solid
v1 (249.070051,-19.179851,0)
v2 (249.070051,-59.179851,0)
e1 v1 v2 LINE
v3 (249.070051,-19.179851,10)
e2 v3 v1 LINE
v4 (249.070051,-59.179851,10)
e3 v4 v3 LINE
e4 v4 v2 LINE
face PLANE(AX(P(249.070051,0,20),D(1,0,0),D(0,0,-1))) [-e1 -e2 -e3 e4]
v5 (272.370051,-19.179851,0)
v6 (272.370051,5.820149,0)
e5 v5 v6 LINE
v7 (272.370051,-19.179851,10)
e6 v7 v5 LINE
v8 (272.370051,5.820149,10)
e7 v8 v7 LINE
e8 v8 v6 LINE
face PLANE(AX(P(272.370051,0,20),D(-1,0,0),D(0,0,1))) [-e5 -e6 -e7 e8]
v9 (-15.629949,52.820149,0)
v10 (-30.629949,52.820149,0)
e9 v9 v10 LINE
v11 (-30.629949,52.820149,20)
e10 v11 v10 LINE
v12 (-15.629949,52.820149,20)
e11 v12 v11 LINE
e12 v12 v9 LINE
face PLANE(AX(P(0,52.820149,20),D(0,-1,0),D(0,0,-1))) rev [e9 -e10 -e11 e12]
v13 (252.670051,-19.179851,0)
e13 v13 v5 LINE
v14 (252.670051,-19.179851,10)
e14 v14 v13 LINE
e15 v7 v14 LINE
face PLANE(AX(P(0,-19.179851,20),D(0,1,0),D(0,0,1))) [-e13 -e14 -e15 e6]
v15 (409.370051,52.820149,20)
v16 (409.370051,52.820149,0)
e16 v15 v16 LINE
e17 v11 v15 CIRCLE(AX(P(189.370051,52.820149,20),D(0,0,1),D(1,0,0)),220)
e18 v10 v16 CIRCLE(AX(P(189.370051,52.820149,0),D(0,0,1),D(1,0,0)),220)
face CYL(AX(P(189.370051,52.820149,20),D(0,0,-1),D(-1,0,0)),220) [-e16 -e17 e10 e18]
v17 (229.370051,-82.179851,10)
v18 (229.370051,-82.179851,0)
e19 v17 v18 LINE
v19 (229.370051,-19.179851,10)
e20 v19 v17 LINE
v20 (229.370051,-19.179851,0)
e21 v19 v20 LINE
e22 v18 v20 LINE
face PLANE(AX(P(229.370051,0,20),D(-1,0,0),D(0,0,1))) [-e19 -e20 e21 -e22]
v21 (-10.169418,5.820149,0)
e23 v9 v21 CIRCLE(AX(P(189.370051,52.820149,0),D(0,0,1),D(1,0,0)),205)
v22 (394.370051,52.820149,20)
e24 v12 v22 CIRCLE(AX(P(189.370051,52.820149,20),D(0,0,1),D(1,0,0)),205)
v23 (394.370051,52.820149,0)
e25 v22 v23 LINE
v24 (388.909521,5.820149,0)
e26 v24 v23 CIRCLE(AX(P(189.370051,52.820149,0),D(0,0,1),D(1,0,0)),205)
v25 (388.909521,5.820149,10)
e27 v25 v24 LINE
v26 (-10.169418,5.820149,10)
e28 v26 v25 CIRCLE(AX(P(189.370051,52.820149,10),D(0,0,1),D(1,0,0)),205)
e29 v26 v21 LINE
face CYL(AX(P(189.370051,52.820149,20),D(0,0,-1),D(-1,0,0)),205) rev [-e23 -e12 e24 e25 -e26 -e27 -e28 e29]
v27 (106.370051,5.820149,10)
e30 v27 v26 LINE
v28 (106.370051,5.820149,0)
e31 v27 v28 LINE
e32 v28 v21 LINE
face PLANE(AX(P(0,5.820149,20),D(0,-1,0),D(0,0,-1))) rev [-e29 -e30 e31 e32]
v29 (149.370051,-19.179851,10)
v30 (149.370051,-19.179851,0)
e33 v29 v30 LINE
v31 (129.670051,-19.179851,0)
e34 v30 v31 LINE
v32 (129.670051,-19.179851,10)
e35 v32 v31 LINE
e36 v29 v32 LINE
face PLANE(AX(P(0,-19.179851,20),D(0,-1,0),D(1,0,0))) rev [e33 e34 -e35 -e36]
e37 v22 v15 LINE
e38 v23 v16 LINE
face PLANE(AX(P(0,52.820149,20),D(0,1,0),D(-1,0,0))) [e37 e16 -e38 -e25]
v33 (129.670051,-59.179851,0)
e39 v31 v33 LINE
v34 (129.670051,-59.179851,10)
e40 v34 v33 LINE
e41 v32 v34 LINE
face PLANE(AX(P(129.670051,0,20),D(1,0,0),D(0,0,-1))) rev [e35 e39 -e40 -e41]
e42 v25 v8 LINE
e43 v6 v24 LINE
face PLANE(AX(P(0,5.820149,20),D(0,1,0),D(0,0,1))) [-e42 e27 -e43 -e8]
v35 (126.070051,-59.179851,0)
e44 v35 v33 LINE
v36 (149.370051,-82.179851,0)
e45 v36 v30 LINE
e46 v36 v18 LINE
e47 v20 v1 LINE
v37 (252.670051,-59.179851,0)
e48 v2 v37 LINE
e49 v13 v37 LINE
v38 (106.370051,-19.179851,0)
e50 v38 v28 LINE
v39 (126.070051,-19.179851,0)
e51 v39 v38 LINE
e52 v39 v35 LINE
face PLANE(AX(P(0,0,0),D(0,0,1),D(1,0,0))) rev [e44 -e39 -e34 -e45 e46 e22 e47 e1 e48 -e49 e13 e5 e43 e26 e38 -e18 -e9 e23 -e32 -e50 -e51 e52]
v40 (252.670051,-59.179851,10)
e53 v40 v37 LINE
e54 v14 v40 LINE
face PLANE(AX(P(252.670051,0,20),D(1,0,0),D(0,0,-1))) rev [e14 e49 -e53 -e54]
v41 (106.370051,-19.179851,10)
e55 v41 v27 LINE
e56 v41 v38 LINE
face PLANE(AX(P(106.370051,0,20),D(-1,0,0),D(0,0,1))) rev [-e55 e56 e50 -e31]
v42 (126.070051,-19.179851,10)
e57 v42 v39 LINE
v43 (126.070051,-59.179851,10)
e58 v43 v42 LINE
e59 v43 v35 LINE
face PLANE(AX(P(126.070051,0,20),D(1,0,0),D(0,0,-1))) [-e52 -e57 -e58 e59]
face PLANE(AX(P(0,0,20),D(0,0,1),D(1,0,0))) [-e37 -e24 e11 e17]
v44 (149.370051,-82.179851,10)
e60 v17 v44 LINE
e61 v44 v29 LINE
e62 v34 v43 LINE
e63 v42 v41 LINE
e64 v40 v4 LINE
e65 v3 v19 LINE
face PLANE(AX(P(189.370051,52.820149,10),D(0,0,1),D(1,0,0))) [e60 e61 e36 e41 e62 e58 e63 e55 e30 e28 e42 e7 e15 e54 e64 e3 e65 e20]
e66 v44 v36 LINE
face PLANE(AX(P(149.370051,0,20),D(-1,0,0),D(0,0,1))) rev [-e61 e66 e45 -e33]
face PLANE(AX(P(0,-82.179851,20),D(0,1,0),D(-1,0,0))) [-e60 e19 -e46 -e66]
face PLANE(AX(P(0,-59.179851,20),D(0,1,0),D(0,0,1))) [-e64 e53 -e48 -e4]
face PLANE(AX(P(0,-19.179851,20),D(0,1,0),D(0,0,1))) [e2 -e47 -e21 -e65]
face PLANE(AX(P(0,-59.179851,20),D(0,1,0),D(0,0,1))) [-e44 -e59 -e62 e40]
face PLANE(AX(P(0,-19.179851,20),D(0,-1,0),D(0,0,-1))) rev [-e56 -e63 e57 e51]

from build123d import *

# Parameters (mm, degrees)
BOSS_EXTRUDE1_DEPTH = 20
CUT_EXTRUDE2_START  = -10
CUT_EXTRUDE2_DEPTH  = 10


with BuildPart() as part:
    # Sketch1 → Boss-Extrude1 (new body)
    with BuildSketch(Plane.XY):
        with BuildLine():
            Line((106.370051436, 5.820149254), (-10.169418344, 5.820149254))
            ThreePointArc((-10.169418344, 5.820149254), (-14.260240152, 29.162077744), (-15.629948564, 52.820149254))
            Line((-15.629948564, 52.820149254), (-30.629948564, 52.820149254))
            ThreePointArc((-30.629948564, 52.820149254), (189.370051436, -167.179850746), (409.370051436, 52.820149254))
            Line((409.370051436, 52.820149254), (394.370051436, 52.820149254))
            ThreePointArc((394.370051436, 52.820149254), (393.000343025, 29.162077744), (388.909521216, 5.820149254))
            Line((388.909521216, 5.820149254), (272.370051436, 5.820149254))
            Line((272.370051436, 5.820149254), (272.370051436, -19.179850746))
            Line((272.370051436, -19.179850746), (252.670051436, -19.179850746))
            Line((252.670051436, -19.179850746), (252.670051436, -59.179850746))
            Line((252.670051436, -59.179850746), (249.070051436, -59.179850746))
            Line((249.070051436, -59.179850746), (249.070051436, -19.179850746))
            Line((249.070051436, -19.179850746), (229.370051436, -19.179850746))
            Line((229.370051436, -19.179850746), (229.370051436, -82.179850746))
            Line((229.370051436, -82.179850746), (149.370051436, -82.179850746))
            Line((149.370051436, -82.179850746), (149.370051436, -19.179850746))
            Line((149.370051436, -19.179850746), (129.670051436, -19.179850746))
            Line((129.670051436, -19.179850746), (129.670051436, -59.179850746))
            Line((129.670051436, -59.179850746), (126.070051436, -59.179850746))
            Line((126.070051436, -59.179850746), (126.070051436, -19.179850746))
            Line((126.070051436, -19.179850746), (106.370051436, -19.179850746))
            Line((106.370051436, -19.179850746), (106.370051436, 5.820149254))
        make_face()
    extrude(amount=BOSS_EXTRUDE1_DEPTH)

    # Sketch2 → Cut-Extrude2 (cut)
    with BuildSketch(Plane.XY.offset(20).offset(CUT_EXTRUDE2_START)):
        with BuildLine():
            Line((-10.169418344, 5.820149254), (106.370051436, 5.820149254))
            Line((106.370051436, 5.820149254), (106.370051436, -19.179850746))
            Line((106.370051436, -19.179850746), (126.070051436, -19.179850746))
            Line((126.070051436, -19.179850746), (126.070051436, -59.179850746))
            Line((126.070051436, -59.179850746), (129.670051436, -59.179850746))
            Line((129.670051436, -59.179850746), (129.670051436, -19.179850746))
            Line((129.670051436, -19.179850746), (149.370051436, -19.179850746))
            Line((149.370051436, -19.179850746), (149.370051436, -82.179850746))
            Line((149.370051436, -82.179850746), (229.370051436, -82.179850746))
            Line((229.370051436, -82.179850746), (229.370051436, -19.179850746))
            Line((229.370051436, -19.179850746), (249.070051436, -19.179850746))
            Line((249.070051436, -19.179850746), (249.070051436, -59.179850746))
            Line((249.070051436, -59.179850746), (252.670051436, -59.179850746))
            Line((252.670051436, -59.179850746), (252.670051436, -19.179850746))
            Line((252.670051436, -19.179850746), (272.370051436, -19.179850746))
            Line((272.370051436, -19.179850746), (272.370051436, 5.820149254))
            Line((272.370051436, 5.820149254), (388.909521216, 5.820149254))
            ThreePointArc((388.909521216, 5.820149254), (189.370051436, -152.179850746), (-10.169418344, 5.820149254))
        make_face()
    extrude(amount=CUT_EXTRUDE2_DEPTH, mode=Mode.SUBTRACT)


solid = part.part
